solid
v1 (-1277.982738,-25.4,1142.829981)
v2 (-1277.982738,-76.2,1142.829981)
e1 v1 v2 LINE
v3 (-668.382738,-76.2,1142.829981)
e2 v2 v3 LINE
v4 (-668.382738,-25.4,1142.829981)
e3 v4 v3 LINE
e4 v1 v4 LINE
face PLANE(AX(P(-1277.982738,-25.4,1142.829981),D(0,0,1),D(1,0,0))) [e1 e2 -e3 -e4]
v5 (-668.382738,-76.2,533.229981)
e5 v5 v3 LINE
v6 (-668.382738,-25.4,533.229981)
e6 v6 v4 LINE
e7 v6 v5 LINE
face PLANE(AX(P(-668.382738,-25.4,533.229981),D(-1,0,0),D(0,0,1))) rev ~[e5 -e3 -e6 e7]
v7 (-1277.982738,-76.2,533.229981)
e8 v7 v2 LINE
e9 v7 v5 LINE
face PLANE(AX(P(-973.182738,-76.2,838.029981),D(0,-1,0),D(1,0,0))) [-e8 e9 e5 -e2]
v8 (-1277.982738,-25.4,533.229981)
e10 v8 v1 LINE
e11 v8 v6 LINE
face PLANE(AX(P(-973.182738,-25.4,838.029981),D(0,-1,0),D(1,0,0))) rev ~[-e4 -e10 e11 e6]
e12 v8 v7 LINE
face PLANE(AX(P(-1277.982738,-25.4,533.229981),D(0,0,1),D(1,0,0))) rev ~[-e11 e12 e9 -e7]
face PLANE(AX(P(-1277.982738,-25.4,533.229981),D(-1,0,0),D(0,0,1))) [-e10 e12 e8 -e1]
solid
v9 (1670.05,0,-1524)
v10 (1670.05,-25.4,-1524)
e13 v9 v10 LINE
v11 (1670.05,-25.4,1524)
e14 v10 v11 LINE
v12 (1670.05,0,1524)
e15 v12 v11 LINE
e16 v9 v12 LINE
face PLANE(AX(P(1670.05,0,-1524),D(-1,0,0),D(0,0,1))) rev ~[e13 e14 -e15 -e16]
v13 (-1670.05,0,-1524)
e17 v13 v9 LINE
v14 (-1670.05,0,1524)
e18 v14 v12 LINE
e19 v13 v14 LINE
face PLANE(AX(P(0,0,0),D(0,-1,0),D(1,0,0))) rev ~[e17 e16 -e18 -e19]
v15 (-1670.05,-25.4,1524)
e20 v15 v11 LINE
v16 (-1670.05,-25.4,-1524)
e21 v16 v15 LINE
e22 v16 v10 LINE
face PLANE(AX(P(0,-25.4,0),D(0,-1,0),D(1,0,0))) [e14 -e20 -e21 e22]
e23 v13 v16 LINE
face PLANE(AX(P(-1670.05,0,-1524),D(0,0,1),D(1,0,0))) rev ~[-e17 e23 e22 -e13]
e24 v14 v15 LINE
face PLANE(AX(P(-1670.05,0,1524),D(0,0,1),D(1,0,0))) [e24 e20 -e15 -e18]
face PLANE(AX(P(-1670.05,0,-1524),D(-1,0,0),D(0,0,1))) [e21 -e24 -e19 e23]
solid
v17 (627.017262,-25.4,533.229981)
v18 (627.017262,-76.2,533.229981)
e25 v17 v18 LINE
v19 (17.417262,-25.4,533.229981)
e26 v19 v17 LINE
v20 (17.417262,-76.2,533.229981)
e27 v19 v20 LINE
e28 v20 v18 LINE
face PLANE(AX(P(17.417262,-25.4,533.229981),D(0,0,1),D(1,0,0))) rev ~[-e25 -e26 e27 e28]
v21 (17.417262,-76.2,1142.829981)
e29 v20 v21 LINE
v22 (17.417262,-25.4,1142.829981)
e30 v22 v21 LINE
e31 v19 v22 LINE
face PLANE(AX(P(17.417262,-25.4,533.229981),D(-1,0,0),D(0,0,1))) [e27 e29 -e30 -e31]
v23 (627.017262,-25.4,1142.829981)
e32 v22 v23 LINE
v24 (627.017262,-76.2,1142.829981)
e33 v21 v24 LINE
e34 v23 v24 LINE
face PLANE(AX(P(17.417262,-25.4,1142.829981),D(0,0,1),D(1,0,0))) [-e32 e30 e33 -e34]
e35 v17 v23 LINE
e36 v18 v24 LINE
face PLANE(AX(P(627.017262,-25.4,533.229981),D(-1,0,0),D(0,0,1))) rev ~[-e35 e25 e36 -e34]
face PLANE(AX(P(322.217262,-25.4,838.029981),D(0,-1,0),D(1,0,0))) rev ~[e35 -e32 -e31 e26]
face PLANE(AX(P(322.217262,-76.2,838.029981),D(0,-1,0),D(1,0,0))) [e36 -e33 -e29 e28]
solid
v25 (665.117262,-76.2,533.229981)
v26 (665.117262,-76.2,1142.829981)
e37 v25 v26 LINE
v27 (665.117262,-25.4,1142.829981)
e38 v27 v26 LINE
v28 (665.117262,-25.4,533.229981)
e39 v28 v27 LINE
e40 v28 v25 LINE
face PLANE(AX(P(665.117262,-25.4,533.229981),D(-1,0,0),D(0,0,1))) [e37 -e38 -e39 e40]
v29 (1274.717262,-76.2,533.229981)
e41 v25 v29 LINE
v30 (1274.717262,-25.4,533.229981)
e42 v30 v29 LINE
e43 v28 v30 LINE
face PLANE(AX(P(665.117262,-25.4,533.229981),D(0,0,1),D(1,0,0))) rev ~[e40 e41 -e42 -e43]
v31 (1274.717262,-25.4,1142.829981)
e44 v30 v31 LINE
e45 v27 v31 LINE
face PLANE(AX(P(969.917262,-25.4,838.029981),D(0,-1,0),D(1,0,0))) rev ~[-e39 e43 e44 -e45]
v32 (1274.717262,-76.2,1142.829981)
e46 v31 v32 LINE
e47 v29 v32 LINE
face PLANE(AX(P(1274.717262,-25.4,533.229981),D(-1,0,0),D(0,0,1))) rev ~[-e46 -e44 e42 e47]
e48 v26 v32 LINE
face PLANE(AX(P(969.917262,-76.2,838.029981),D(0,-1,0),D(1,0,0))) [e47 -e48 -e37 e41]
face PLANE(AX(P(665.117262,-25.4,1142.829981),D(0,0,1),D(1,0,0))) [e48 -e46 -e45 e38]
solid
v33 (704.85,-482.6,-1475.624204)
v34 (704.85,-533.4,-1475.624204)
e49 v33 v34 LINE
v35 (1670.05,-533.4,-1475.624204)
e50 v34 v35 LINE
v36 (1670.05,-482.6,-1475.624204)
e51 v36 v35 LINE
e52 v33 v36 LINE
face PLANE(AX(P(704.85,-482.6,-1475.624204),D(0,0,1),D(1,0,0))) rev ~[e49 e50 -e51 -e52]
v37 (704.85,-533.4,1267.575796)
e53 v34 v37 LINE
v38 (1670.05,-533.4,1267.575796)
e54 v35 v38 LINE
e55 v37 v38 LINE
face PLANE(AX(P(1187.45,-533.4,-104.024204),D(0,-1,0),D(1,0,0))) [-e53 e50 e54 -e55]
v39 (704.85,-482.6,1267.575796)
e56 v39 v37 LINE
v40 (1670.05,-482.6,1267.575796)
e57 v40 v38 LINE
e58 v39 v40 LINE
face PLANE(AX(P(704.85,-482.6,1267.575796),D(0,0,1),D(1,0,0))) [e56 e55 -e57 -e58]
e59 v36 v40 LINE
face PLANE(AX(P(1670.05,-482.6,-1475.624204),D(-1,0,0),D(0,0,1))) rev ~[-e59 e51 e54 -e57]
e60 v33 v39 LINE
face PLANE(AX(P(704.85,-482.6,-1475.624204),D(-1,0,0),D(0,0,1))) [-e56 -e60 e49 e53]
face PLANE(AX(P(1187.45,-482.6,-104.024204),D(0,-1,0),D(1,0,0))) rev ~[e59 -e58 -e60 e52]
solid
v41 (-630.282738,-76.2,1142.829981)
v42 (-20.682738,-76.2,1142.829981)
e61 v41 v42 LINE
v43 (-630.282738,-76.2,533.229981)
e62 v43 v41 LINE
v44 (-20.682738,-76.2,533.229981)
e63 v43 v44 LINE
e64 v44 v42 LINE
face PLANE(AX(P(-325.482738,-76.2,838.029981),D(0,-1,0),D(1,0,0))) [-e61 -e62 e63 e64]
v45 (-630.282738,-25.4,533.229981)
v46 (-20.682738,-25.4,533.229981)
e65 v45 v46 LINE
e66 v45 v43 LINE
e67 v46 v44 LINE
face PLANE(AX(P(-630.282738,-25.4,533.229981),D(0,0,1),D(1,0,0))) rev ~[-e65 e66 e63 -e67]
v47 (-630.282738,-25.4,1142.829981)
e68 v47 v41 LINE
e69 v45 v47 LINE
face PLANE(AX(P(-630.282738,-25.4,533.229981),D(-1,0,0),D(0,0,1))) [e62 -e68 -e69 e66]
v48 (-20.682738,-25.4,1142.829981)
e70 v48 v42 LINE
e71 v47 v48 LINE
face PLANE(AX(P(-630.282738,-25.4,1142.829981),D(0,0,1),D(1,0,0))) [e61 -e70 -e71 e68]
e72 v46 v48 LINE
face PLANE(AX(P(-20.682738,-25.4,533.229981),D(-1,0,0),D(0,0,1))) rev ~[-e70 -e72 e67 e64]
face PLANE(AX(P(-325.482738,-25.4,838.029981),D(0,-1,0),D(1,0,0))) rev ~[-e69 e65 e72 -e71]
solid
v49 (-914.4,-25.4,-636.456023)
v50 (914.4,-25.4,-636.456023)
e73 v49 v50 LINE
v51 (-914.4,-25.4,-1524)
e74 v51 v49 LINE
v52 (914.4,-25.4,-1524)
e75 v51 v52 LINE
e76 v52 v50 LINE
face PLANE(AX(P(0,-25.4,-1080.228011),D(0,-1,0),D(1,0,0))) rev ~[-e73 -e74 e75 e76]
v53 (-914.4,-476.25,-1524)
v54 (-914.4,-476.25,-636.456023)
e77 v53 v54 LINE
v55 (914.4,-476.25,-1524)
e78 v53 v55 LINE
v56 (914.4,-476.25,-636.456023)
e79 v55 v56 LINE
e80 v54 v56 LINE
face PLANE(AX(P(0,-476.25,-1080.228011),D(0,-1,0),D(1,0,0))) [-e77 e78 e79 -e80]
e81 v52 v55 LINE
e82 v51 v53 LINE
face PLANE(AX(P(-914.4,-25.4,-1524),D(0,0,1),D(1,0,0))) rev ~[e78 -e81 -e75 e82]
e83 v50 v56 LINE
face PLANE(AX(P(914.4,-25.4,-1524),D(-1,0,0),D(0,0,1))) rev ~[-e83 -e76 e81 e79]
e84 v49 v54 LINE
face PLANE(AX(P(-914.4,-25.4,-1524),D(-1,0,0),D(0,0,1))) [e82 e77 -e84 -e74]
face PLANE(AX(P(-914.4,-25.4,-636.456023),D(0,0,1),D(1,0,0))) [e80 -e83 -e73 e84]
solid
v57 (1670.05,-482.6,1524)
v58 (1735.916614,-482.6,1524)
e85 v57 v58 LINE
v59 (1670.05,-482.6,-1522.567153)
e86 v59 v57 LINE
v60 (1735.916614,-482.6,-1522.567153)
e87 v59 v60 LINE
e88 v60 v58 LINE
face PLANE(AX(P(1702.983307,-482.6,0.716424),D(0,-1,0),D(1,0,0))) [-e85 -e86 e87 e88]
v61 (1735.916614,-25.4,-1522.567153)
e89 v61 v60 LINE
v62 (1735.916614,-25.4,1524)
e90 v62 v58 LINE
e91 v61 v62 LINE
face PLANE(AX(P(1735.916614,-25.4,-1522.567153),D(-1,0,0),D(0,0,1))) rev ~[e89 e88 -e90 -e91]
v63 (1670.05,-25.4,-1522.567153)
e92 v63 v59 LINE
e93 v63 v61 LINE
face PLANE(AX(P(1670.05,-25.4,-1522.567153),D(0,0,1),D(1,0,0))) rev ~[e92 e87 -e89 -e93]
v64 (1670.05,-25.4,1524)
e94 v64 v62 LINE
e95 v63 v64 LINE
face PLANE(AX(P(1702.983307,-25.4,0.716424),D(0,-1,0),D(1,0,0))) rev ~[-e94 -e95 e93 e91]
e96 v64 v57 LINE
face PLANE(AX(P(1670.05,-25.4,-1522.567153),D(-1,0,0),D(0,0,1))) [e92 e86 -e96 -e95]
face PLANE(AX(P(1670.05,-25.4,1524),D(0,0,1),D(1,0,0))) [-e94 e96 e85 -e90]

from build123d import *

# Parameters (mm, degrees)
F0_W     = 3340.1
F0_H     = 3048
F1_DEPTH = 25.4
F2_W     = 609.6
F2_H     = 609.6
F3_DEPTH = 50.8
F2_W_2   = 1828.8
F2_H_2   = 887.543977
F4_DEPTH = 450.85
F2_W_3   = 65.866615
F2_H_3   = 3046.567153
F5_DEPTH = 457.2
F6_W     = 965.2
F6_H     = 2743.2
F7_DEPTH = 50.8


with BuildPart() as f1:
    # F0 (on Front) → F1 (new body)
    with BuildSketch(Plane.XZ):
        Rectangle(F0_W, F0_H)
    extrude(amount=F1_DEPTH)


with BuildPart() as f3:
    # F2 (on face) → F3 (new body)
    with BuildSketch(Plane.XZ.offset(25.4)):
        with Locations((-973.182738, 838.029981)):
            Rectangle(F2_W, F2_H)
        with Locations((-325.482738, 838.029981)):
            Rectangle(F2_W, F2_H)
        with Locations((322.217262, 838.029981)):
            Rectangle(F2_W, F2_H)
        with Locations((969.917262, 838.029981)):
            Rectangle(F2_W, F2_H)
    extrude(amount=F3_DEPTH)


with BuildPart() as f4:
    # F2 (on face) → F4 (new body)
    with BuildSketch(Plane.XZ.offset(25.4)):
        with Locations((0, -1080.228011)):
            Rectangle(F2_W_2, F2_H_2)
    extrude(amount=F4_DEPTH)


with BuildPart() as f5:
    # F2 (on face) → F5 (new body)
    with BuildSketch(Plane.XZ.offset(25.4)):
        with Locations((1702.983307, 0.716424)):
            Rectangle(F2_W_3, F2_H_3)
    extrude(amount=F5_DEPTH)


with BuildPart() as f7:
    # F6 (on face) → F7 (new body)
    with BuildSketch(Plane.XZ.offset(482.6)):
        with Locations((1187.45, -104.024204)):
            Rectangle(F6_W, F6_H)
    extrude(amount=F7_DEPTH)


solid = Compound([f1.part, f3.part, f4.part, f5.part, f7.part])
